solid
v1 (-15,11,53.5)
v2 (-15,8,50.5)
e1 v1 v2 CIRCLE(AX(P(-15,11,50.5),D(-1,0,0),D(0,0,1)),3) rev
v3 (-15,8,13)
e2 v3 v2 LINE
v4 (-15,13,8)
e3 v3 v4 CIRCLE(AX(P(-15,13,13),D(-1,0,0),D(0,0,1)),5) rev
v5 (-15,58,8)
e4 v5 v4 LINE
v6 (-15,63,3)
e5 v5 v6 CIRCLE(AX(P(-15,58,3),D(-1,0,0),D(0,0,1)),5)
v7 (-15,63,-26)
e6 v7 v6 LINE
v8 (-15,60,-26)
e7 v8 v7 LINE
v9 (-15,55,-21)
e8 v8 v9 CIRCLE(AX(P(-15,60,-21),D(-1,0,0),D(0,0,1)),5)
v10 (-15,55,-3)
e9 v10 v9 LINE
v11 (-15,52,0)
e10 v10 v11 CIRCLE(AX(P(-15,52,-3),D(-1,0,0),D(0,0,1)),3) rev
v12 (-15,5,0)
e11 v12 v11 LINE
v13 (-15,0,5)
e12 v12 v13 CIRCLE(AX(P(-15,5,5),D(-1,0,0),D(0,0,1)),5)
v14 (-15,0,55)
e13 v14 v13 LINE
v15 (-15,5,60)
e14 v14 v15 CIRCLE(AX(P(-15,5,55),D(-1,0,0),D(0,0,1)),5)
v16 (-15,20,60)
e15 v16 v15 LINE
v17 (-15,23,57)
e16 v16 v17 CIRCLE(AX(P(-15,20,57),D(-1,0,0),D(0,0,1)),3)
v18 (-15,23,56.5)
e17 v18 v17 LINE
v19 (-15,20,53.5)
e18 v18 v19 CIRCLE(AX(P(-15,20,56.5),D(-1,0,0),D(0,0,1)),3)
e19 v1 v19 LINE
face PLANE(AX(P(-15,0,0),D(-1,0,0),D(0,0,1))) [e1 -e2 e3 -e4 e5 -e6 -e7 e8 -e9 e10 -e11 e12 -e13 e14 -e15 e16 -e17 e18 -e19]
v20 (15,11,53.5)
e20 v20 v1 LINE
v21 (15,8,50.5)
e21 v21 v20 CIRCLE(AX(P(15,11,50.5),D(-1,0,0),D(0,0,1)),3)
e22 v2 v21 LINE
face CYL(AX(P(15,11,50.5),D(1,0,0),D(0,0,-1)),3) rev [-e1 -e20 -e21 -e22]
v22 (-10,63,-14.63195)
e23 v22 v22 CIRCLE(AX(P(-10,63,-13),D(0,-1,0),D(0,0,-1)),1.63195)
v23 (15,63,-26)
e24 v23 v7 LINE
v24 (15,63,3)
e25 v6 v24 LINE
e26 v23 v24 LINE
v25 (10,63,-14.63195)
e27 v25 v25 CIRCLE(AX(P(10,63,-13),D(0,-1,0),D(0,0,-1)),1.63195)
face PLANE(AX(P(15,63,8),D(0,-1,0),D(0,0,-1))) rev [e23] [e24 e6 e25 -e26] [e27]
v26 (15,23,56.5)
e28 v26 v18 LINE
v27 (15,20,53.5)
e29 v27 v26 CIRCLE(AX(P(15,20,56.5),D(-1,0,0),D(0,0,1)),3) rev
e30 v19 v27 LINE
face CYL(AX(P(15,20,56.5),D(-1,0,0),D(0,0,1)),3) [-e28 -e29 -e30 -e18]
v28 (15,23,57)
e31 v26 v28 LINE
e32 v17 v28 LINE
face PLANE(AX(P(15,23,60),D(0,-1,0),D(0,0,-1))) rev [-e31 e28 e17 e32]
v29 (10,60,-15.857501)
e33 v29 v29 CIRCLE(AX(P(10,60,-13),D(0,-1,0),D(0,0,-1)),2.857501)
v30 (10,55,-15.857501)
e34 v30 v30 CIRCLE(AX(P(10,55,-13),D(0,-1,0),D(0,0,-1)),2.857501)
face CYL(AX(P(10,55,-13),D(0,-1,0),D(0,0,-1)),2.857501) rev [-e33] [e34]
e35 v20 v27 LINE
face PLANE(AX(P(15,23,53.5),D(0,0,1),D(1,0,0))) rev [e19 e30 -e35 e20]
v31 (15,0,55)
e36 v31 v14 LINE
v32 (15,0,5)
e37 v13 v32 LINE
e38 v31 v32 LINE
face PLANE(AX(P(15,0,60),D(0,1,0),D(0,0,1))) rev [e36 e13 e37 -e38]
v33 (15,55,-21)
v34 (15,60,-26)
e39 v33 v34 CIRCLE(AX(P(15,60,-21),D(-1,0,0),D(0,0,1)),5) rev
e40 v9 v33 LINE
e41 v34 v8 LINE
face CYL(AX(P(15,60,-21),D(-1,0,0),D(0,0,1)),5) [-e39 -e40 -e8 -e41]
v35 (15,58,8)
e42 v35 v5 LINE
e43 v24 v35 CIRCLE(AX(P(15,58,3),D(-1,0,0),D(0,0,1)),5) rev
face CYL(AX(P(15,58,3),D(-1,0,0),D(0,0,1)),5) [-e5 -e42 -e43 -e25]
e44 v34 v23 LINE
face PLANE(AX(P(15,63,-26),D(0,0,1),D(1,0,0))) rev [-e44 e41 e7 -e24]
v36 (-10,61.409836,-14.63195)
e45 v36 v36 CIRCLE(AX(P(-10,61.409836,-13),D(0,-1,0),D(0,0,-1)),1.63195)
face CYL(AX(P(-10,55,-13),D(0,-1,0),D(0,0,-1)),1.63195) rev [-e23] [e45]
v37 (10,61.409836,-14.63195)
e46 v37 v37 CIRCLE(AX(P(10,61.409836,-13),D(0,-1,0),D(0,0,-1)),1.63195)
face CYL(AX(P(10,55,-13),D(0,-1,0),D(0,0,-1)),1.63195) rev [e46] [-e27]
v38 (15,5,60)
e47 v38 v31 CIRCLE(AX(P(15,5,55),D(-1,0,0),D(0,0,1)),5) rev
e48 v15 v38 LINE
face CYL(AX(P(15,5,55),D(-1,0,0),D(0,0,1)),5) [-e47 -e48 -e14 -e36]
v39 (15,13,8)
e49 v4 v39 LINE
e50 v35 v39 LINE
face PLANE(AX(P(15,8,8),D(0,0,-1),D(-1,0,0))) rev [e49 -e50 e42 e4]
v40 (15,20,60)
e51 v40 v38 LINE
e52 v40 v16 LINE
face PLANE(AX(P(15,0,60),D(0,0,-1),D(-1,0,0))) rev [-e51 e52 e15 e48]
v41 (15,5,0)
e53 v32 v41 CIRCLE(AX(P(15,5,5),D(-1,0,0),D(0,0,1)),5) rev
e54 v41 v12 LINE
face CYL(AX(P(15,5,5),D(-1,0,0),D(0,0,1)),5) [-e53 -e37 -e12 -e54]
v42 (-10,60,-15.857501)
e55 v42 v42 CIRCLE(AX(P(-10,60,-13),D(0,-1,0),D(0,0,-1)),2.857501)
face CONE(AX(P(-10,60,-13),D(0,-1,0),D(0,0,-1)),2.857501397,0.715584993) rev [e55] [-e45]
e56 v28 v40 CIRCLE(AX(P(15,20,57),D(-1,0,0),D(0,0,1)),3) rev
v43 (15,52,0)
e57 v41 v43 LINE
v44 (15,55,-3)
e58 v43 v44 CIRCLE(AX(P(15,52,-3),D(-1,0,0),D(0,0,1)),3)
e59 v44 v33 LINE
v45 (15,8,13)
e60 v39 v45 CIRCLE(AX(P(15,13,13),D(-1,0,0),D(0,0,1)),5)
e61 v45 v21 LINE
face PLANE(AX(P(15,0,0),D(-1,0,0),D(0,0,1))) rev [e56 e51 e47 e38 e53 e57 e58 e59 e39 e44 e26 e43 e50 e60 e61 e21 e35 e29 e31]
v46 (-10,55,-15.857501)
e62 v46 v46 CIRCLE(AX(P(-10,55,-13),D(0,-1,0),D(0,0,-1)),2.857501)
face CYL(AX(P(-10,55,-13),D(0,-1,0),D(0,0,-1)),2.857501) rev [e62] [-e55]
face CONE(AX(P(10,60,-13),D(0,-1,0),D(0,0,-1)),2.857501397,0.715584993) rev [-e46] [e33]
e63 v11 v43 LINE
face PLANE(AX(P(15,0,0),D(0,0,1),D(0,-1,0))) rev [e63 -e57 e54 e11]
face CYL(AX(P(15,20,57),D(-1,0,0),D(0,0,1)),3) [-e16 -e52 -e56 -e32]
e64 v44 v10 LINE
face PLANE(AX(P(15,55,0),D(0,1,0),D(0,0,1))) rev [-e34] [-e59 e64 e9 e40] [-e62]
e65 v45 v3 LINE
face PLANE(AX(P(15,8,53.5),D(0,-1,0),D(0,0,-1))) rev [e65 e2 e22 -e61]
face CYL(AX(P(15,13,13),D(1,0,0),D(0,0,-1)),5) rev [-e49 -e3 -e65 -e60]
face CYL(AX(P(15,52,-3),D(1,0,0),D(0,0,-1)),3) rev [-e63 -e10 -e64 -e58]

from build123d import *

# Parameters (mm, degrees)
BOSS_EXTRUDE1_DEPTH                           = 15
FILLET1_R                                     = 5
FILLET2_R                                     = 3
CSK_FOR_4_FLAT_HEAD_MACHINE_SCREW2_AT_2_COUNT = 2
CSK_FOR_4_FLAT_HEAD_MACHINE_SCREW2_AT_2_PITCH = 20


with BuildPart() as part:
    # Sketch1 → Boss-Extrude1 (new body, symmetric)
    with BuildSketch(Plane(origin=(0, 0, 0), x_dir=(0, 0, -1), z_dir=(1, 0, 0))):
        Polygon((-60, 0), (0, 0), (0, 55), (26, 55), (26, 63), (-8, 63), (-8, 8), (-53.5, 8), (-53.5, 23), (-60, 23), align=None)
    extrude(amount=BOSS_EXTRUDE1_DEPTH, both=True)

    # Fillet1
    fillet1_edges = [part.edges().sort_by_distance(p)[0] for p in [
        (0, 8, 8),
        (0, 63, 8),
        (0, 55, -26),
        (0, 0, 0),
        (0, 0, 60),
    ]]
    fillet(fillet1_edges, radius=FILLET1_R)

    # Fillet2
    fillet2_edges = [part.edges().sort_by_distance(p)[0] for p in [
        (0, 23, 60),
        (0, 23, 53.5),
        (0, 8, 53.5),
        (0, 55, 0),
    ]]
    fillet(fillet2_edges, radius=FILLET2_R)

    # Sketch6 → CSK for #4 Flat Head Machine Screw2 (revolve, cut)
    with BuildSketch(Plane(origin=(-10, 55, -13), x_dir=(0, 0, -1), z_dir=(1, 0, 0))):
        Polygon((0, 0), (0, 8), (1.63195, 8), (1.63195, 6.409835609), (2.857501397, 5), (2.857501397, 0), align=None)
    csk_for_4_flat_head_machine_screw2 = revolve(axis=Axis((-10, 48.65, -13), (0, 1, 0)), mode=Mode.SUBTRACT)

    # CSK for #4 Flat Head Machine Screw2 at 2: CSK for #4 Flat Head Machine Screw2 ×2
    with Locations(*[(i * CSK_FOR_4_FLAT_HEAD_MACHINE_SCREW2_AT_2_PITCH, 0, 0) for i in range(1, CSK_FOR_4_FLAT_HEAD_MACHINE_SCREW2_AT_2_COUNT)]):
        add(csk_for_4_flat_head_machine_screw2, mode=Mode.SUBTRACT)


solid = part.part
